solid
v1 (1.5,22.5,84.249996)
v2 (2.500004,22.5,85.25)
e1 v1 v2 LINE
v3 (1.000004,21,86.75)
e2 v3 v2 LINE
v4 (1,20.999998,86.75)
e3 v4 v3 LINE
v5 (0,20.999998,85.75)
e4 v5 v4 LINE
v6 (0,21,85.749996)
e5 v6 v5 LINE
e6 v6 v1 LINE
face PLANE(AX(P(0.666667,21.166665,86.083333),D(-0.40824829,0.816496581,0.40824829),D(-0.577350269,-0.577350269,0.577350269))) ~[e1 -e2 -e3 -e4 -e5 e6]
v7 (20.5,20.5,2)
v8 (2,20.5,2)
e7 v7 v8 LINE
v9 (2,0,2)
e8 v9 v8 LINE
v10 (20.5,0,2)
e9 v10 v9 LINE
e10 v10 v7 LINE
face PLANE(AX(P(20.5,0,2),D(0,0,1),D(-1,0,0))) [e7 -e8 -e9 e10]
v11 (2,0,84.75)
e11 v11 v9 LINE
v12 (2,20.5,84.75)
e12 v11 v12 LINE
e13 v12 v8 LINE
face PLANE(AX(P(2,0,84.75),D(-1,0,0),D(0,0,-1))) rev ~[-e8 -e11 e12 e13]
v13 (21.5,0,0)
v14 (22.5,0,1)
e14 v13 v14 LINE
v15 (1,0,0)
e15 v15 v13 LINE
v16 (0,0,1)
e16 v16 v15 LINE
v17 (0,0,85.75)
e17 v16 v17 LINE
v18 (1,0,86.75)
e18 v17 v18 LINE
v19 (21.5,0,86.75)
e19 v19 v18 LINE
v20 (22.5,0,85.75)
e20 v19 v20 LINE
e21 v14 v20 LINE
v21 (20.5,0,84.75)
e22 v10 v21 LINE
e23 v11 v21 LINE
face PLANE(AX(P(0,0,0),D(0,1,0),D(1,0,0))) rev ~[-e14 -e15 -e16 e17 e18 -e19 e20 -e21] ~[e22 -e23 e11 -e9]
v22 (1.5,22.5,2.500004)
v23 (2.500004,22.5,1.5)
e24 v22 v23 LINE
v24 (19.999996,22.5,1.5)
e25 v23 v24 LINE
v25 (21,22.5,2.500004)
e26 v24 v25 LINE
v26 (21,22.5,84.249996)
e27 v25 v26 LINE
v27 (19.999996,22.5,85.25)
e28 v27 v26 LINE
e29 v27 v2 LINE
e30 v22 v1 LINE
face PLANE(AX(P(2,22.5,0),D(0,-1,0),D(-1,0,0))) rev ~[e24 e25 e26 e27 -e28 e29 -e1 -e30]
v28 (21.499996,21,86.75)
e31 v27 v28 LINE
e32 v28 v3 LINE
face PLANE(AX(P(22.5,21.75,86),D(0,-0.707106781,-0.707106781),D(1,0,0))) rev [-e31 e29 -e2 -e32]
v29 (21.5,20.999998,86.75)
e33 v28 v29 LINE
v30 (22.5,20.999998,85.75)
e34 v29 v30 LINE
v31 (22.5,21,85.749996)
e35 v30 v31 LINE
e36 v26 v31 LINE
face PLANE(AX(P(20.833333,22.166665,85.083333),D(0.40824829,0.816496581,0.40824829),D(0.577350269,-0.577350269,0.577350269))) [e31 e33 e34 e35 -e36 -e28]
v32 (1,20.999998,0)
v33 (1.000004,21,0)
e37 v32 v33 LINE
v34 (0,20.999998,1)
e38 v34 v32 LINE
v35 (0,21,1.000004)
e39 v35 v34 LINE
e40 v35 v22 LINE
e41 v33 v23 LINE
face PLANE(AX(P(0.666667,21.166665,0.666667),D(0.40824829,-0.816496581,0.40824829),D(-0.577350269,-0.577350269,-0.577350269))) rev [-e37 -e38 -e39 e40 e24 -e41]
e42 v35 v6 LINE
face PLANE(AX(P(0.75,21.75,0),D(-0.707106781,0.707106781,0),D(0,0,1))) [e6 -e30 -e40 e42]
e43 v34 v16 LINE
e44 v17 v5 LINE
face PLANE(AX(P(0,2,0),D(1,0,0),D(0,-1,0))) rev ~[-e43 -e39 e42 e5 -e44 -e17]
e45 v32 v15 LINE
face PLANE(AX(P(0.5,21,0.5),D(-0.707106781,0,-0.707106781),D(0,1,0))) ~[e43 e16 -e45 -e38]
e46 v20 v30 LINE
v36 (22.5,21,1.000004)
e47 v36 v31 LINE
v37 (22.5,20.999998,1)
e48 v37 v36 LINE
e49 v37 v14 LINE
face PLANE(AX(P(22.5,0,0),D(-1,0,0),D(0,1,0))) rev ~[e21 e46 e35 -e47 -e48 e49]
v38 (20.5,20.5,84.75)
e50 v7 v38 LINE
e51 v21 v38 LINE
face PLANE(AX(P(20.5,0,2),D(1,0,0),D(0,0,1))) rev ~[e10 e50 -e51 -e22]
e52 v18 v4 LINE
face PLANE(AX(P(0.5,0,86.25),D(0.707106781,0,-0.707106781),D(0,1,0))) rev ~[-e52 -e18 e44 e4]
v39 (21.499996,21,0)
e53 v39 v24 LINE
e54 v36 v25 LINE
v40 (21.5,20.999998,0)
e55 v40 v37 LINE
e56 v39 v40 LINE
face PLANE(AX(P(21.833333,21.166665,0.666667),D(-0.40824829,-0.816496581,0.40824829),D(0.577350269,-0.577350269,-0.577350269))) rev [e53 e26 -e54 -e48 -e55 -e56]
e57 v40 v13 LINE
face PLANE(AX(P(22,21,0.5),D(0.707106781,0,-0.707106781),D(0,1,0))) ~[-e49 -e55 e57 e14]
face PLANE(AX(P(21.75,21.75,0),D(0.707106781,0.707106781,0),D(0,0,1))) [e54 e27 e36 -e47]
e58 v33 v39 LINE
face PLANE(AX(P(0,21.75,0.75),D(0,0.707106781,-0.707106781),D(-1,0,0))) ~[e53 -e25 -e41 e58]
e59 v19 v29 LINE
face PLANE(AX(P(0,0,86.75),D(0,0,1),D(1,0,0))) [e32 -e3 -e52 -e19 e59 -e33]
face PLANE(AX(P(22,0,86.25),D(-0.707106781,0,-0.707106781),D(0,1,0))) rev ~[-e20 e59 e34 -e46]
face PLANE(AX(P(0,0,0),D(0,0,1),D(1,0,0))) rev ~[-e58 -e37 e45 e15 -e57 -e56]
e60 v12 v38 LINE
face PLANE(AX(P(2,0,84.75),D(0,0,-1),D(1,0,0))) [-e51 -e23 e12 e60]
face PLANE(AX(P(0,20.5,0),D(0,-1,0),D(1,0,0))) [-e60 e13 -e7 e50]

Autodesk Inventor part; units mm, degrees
ref_plane "YZ Plane" through (0, 0, 0) normal (1, 0, 0) x (0, 1, 0)
ref_plane "XZ Plane" through (0, 0, 0) normal (0, 1, 0) x (-1, 0, 0)
ref_plane "XY Plane" through (0, 0, 0) normal (0, 0, 1) x (1, 0, 0)
sketch "Sketch1" plane through (0, 0, 0) normal (0, 0, 1) x (1, 0, 0)
  line L0 (0, 0) -> (22.5, 0)
  line L1 (22.5, 0) -> (22.5, 22.5)
  line L2 (22.5, 22.5) -> (0, 22.5)
  line L3 (0, 22.5) -> (0, 0)
  line L4 (0, 0) -> (20.5, 0)
  line L5 (20.5, 0) -> (20.5, 2)
  line L6 (20.5, 2) -> (0, 2)
  line L7 (0, 2) -> (0, 0)
  line L8 (22.5, 0) -> (20.5, 0)
  line L9 (20.5, 0) -> (20.5, 20.5)
  line L10 (20.5, 20.5) -> (22.5, 20.5)
  line L11 (22.5, 20.5) -> (22.5, 0)
  line L12 (22.5, 22.5) -> (2, 22.5)
  line L13 (2, 22.5) -> (2, 20.5)
  line L14 (2, 20.5) -> (22.5, 20.5)
  line L15 (22.5, 20.5) -> (22.5, 22.5)
  line L16 (0, 22.5) -> (2, 22.5)
  line L17 (2, 22.5) -> (2, 2)
  line L18 (2, 2) -> (0, 2)
  line L19 (0, 2) -> (0, 22.5)
  line L20 (2, 2) -> (20.5, 2)
  line L21 (20.5, 2) -> (20.5, 20.5)
  line L22 (20.5, 20.5) -> (2, 20.5)
  line L23 (2, 20.5) -> (2, 2)
  dimension "d0" = 22.5
  dimension "d1" = 22.5
  dimension "d2" = 20.5
  dimension "d3" = 2
  dimension "d4" = 2
  dimension "d5" = 20.5
  dimension "d6" = 20.5
  dimension "d7" = 2
  dimension "d8" = 2
  dimension "d9" = 20.5
  dimension "d10" = 18.5
  dimension "d11" = 18.5
extrude "Extrusion1" add sketch "Sketch1" along normal blind 86.75
sketch "Sketch6" plane through (0, 0, 0) normal (0, -1, 0) x (1, 0, 0)
  line L0 (0, 0) -> (22.5, 0) projected
  line L1 (0, 0) -> (20.5, 0)
  line L2 (20.5, 0) -> (20.5, 2)
  line L3 (20.5, 2) -> (0, 2)
  line L4 (0, 2) -> (0, 0)
  line L5 (22.5, 0) -> (22.5, 86.75) projected
  line L6 (22.5, 0) -> (20.5, 0)
  line L7 (20.5, 0) -> (20.5, 84.75)
  line L8 (20.5, 84.75) -> (22.5, 84.75)
  line L9 (22.5, 84.75) -> (22.5, 0)
  line L10 (22.5, 86.75) -> (2, 86.75)
  line L11 (2, 86.75) -> (2, 84.75)
  line L12 (2, 84.75) -> (22.5, 84.75)
  line L13 (22.5, 84.75) -> (22.5, 86.75)
  line L14 (0, 0) -> (0, 86.75) projected
  line L15 (0, 86.75) -> (2, 86.75)
  line L16 (2, 86.75) -> (2, 2)
  line L17 (2, 2) -> (0, 2)
  line L18 (0, 2) -> (0, 86.75)
  line L19 (20.5, 84.75) -> (2, 84.75)
  line L20 (2, 84.75) -> (2, 2)
  line L21 (2, 2) -> (20.5, 2)
  line L22 (20.5, 2) -> (20.5, 84.75)
  dimension "d28" = 20.5
  dimension "d29" = 2
  dimension "d30" = 2
  dimension "d31" = 84.75
  dimension "d32" = 20.5
  dimension "d33" = 2
  dimension "d34" = 2
  dimension "d35" = 84.75
  dimension "d36" = 18.5
  dimension "d37" = 82.75
extrude "Extrusion5" cut sketch "Sketch6" against normal blind 20.5 contours L3 L16 L12 L7
chamfer "Chamfer1" distance 1.5 angle 45 4 edges at (11.25, 22.5, 0) (22.5, 22.5, 43.375) (0, 22.5, 43.375) (11.25, 22.5, 86.75)
chamfer "Chamfer2" distance 1 angle 45 4 edges at (0, 10.5, 86.75) (22.5, 10.5, 86.75) (0, 10.5, 0) (22.5, 10.5, 0)
chamfer "Chamfer3" distance 0.8165 angle 45 4 edges at (1, 22, 85.75) (21.5, 22, 85.75) (21.5, 22, 1) (1, 22, 1)
properties part number "1-Battery-Case"
